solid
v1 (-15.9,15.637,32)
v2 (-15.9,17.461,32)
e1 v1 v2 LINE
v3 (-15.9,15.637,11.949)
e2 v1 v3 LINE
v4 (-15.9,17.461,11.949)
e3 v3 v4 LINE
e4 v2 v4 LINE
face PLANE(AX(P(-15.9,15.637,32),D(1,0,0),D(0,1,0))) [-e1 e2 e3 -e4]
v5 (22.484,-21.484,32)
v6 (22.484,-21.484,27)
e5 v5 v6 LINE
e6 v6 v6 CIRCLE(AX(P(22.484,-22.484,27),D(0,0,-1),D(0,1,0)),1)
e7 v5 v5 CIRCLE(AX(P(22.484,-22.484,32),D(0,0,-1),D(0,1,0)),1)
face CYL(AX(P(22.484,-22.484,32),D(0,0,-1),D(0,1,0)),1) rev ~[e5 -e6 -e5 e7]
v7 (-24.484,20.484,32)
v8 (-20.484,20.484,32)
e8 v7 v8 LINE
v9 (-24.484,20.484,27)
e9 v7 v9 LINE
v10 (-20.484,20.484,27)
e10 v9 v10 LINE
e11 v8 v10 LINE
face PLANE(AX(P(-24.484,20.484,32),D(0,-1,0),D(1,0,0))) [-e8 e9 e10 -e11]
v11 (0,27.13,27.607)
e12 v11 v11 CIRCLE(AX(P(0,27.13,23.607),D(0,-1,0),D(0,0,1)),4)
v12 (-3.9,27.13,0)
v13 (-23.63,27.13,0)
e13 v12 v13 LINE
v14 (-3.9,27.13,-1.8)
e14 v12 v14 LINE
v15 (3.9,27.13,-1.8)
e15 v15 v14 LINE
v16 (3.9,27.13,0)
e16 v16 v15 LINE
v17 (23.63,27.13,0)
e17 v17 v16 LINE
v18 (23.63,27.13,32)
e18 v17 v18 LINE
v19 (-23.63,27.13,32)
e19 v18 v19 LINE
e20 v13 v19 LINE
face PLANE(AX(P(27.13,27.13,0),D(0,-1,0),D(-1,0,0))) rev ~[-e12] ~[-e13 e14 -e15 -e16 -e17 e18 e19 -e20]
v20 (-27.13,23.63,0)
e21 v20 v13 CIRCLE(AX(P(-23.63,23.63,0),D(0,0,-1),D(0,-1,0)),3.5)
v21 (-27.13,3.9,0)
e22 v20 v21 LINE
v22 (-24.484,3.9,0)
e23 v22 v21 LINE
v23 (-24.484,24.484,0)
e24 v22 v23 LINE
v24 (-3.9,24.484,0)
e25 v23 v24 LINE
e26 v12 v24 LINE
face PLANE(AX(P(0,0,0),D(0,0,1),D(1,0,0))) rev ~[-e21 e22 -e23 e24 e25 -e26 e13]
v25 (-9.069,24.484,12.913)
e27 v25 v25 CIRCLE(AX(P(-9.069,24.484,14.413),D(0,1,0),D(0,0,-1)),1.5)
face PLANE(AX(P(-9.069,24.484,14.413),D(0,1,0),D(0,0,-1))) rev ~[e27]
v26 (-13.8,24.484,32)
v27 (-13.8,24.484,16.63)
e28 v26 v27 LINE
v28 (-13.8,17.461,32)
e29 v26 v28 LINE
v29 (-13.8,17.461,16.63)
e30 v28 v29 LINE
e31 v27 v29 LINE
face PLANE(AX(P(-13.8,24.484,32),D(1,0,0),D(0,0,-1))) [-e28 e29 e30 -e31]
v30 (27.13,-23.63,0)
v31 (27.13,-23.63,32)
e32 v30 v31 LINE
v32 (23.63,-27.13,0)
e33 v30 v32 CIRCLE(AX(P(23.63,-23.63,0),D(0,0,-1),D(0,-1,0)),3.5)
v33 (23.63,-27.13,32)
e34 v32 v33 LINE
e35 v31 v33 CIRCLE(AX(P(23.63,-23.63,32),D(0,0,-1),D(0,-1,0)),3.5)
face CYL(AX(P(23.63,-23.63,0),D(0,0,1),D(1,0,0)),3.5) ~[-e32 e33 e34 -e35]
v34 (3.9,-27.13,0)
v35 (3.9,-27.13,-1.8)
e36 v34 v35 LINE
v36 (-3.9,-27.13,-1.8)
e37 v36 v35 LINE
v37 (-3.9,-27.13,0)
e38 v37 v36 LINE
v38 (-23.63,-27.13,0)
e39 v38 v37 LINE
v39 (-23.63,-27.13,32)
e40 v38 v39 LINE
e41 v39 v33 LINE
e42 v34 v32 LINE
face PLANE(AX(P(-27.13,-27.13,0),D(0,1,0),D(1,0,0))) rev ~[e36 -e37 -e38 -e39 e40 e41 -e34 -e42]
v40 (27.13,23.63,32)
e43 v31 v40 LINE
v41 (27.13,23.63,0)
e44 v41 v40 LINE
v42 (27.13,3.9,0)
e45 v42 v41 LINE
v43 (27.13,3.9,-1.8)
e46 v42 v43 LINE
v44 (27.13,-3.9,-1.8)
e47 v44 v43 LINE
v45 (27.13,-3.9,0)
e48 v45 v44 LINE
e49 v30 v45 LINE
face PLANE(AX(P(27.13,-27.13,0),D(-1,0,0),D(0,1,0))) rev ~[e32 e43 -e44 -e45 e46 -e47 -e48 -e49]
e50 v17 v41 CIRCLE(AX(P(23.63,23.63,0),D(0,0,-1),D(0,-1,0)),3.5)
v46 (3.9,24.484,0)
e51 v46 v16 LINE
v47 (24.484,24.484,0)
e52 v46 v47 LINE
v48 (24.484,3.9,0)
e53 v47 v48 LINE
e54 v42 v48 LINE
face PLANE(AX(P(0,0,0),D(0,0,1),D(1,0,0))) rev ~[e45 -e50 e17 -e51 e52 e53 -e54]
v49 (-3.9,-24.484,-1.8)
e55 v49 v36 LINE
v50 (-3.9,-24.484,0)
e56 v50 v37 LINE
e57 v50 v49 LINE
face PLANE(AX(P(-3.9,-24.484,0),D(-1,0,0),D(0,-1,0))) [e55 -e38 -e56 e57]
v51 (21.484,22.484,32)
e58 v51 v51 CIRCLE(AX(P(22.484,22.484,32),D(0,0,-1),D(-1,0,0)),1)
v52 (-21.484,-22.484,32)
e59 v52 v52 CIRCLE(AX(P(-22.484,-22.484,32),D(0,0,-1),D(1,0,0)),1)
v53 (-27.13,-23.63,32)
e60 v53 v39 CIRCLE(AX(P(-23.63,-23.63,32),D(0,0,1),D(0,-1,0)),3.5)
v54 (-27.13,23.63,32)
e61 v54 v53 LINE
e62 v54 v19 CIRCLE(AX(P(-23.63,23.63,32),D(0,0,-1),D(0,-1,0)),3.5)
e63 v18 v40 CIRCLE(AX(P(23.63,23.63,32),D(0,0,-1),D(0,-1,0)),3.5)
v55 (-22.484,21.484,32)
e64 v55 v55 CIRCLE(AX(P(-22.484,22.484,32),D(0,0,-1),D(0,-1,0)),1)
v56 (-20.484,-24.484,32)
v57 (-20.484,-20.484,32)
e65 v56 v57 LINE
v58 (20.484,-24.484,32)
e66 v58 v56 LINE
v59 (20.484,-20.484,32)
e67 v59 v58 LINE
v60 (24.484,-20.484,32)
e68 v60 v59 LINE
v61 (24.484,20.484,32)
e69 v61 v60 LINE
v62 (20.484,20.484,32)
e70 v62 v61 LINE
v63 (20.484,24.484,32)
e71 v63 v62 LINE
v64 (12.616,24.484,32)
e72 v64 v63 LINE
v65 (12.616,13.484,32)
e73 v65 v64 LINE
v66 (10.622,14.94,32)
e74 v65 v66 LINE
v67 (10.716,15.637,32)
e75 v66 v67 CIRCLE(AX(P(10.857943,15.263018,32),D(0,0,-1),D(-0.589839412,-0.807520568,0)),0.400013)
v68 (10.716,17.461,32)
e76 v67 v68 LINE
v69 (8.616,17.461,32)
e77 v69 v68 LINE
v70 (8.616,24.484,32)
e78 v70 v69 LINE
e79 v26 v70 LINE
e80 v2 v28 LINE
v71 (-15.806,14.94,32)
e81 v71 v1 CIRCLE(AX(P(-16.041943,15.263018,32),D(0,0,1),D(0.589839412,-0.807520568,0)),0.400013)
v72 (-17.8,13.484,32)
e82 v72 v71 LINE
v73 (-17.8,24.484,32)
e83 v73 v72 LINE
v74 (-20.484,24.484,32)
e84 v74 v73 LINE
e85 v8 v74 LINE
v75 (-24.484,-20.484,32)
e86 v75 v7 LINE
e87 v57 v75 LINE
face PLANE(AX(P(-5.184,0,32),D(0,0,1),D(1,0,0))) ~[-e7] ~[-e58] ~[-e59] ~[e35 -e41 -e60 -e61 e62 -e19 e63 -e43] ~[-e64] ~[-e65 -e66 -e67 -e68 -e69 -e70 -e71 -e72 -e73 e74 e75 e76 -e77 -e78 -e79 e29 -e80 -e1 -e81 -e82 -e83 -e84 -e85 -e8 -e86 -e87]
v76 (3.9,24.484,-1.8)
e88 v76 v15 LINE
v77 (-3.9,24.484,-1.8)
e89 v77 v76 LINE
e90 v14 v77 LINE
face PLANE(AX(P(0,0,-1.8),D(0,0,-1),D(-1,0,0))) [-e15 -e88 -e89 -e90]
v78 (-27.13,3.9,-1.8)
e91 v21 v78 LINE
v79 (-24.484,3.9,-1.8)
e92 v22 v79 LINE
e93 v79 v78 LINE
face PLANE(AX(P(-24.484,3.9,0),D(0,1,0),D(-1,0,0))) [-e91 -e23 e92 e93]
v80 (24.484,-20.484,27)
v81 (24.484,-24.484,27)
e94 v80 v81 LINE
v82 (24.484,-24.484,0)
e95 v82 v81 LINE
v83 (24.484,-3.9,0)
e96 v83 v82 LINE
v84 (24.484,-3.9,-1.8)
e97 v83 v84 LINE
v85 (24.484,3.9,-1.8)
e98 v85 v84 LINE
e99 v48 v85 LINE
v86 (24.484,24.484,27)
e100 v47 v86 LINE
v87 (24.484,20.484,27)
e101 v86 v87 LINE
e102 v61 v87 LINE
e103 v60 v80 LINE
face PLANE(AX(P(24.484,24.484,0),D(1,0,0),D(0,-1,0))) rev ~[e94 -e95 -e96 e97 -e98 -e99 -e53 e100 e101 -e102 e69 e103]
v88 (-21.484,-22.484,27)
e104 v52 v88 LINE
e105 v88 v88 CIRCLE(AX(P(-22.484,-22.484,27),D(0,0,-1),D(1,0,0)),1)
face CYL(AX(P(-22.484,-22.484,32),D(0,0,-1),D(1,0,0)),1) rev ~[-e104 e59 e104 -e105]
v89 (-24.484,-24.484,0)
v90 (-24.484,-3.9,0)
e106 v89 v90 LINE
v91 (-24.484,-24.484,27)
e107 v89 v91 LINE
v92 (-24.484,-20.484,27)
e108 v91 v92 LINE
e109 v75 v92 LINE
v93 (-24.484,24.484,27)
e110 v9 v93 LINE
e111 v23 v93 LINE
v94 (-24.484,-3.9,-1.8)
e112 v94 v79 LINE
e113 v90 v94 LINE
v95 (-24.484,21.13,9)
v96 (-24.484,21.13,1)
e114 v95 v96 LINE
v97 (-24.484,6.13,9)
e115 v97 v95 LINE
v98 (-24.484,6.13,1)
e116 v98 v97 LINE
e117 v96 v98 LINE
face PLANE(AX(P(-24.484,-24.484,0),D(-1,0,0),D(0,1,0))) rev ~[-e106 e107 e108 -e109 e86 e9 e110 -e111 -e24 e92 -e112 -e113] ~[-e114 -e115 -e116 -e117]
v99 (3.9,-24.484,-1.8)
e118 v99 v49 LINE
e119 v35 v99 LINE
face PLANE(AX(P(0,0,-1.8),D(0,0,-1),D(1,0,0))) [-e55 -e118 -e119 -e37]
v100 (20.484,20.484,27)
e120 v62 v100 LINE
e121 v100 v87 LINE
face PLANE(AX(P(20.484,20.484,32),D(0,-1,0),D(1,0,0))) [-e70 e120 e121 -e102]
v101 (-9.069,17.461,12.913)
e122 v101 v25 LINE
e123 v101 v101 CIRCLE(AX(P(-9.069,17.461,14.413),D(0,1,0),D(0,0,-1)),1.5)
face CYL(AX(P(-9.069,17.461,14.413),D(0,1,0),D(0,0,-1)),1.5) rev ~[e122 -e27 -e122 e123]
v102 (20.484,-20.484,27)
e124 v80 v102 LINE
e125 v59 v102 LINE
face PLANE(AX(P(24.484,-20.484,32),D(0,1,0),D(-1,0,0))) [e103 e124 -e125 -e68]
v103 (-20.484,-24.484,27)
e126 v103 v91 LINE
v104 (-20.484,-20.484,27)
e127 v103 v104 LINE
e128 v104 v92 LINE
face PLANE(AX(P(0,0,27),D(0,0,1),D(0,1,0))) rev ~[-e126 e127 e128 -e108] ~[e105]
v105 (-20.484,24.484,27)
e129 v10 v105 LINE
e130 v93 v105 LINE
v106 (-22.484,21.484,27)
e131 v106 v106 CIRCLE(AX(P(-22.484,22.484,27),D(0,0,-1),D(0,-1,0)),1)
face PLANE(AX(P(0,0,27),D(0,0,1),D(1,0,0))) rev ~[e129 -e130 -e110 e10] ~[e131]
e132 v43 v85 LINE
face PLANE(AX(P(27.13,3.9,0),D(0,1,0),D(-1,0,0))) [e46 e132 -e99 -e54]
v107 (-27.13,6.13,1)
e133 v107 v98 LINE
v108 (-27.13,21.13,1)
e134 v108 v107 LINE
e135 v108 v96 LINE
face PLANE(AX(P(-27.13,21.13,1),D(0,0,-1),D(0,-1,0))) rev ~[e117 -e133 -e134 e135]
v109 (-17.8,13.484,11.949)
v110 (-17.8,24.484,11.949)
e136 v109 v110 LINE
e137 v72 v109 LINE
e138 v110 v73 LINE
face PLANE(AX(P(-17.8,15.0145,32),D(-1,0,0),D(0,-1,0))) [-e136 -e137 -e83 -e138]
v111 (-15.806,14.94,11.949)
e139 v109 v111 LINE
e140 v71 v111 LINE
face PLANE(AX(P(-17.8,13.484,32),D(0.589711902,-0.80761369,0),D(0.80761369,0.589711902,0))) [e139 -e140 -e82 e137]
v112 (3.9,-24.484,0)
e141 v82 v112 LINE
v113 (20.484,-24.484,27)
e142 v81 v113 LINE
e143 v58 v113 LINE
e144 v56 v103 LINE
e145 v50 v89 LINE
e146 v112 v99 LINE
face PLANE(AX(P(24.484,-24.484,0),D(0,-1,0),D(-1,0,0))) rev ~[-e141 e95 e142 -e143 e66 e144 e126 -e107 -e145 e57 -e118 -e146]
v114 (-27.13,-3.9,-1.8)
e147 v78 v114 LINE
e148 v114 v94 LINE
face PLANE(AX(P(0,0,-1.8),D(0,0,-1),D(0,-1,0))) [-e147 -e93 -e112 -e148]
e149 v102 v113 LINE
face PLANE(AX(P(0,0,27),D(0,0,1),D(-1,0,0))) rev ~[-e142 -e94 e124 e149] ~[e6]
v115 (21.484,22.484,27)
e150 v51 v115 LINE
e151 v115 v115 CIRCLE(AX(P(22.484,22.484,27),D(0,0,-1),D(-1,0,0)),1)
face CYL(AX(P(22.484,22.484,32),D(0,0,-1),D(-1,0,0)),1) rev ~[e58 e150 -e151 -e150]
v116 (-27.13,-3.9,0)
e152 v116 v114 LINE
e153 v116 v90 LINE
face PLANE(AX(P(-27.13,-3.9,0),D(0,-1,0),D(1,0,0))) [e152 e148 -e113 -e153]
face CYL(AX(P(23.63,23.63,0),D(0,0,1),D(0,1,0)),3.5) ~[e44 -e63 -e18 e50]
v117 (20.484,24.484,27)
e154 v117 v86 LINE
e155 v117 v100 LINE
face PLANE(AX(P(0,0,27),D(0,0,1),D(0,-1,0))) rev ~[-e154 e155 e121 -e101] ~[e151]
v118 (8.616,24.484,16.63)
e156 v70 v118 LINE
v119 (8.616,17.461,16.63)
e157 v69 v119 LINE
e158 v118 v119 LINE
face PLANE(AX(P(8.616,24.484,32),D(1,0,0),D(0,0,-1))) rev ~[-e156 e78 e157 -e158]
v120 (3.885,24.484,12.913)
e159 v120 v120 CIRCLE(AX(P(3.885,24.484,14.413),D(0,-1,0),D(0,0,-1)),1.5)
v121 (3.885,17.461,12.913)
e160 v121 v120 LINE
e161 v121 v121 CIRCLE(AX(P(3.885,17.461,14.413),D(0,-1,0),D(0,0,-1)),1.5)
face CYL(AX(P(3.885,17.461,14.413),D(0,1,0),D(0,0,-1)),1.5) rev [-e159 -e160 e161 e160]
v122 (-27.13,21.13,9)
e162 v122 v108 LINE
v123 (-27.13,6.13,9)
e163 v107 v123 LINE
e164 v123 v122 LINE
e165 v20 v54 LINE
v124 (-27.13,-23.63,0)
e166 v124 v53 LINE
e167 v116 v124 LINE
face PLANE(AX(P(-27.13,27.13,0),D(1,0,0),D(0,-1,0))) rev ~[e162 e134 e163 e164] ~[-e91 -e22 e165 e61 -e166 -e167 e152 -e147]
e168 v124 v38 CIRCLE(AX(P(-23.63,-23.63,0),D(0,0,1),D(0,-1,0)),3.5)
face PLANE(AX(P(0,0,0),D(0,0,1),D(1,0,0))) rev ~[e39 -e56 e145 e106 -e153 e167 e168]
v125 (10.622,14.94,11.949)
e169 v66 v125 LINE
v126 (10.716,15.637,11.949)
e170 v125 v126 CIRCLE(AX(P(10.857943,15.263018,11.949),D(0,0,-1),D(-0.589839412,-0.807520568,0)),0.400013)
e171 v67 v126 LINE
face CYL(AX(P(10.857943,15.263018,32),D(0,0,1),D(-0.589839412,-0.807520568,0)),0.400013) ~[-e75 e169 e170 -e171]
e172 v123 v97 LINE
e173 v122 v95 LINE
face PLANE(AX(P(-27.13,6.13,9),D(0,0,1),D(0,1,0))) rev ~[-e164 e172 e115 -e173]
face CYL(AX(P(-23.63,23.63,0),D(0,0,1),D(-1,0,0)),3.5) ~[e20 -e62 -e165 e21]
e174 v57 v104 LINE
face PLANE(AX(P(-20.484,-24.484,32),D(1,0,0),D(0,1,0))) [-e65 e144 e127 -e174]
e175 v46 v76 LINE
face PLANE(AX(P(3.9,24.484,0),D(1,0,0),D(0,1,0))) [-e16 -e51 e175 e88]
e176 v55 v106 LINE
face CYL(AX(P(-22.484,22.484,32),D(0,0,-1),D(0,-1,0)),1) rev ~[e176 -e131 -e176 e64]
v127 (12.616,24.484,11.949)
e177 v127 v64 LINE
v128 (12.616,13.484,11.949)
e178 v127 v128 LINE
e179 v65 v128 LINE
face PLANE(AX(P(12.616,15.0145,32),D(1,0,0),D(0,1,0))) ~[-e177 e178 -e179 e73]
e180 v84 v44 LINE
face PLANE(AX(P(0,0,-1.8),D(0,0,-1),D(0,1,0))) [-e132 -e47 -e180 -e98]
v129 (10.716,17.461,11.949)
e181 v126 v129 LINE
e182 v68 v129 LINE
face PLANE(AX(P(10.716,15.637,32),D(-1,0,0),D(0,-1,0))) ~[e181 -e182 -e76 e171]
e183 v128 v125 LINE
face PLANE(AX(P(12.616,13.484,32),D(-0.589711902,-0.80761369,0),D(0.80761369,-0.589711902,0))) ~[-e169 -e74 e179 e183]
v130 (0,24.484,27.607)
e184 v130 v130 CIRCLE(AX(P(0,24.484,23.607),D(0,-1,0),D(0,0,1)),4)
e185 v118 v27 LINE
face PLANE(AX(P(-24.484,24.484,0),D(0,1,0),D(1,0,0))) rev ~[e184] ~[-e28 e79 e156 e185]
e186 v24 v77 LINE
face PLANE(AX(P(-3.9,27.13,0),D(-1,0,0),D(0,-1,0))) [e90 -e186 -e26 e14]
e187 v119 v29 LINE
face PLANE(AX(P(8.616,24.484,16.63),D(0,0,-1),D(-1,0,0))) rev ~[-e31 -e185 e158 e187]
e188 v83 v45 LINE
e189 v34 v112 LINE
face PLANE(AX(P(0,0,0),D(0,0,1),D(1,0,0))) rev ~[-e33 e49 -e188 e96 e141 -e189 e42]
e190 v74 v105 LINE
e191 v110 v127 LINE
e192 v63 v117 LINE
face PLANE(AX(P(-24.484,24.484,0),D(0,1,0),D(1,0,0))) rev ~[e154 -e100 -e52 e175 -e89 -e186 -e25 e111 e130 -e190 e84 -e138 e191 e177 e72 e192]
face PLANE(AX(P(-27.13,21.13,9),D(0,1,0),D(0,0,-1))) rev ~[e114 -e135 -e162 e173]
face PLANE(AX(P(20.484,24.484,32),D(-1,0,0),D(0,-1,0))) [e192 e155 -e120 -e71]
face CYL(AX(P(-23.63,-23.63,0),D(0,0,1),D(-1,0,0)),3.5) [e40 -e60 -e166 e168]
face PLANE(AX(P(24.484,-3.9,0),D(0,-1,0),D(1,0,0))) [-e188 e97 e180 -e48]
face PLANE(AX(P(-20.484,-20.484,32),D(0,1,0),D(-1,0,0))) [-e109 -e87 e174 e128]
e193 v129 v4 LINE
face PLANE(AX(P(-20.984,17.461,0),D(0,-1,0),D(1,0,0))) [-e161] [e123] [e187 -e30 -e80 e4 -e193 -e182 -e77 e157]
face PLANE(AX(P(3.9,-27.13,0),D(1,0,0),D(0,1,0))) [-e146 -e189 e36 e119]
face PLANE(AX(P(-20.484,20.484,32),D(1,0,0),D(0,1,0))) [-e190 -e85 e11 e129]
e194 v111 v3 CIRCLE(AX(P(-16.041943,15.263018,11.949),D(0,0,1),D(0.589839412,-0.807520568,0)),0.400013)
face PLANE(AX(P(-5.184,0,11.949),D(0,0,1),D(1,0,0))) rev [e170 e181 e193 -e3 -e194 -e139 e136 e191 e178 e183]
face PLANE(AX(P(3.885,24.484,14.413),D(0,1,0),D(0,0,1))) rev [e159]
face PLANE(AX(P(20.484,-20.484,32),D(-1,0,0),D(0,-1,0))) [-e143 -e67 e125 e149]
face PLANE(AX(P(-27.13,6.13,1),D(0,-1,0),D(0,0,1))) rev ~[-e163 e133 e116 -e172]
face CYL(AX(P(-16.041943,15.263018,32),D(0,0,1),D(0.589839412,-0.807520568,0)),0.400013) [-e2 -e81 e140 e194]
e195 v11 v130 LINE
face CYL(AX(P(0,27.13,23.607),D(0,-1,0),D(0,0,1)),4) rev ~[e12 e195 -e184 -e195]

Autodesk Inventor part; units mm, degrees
ref_plane "YZ Plane" through (0, 0, 0) normal (1, 0, 0) x (0, 1, 0)
ref_plane "XZ Plane" through (0, 0, 0) normal (0, 1, 0) x (-1, 0, 0)
sketch "Skizze1" plane through (0, 0, 0) normal (0, 0, 1) x (1, 0, 0)
  line L0 (-27.13, -27.13) -> (27.13, -27.13)
  line L1 (27.13, -27.13) -> (27.13, 27.13)
  line L2 (27.13, 27.13) -> (-27.13, 27.13)
  line L3 (-27.13, 27.13) -> (-27.13, -27.13)
  line L4 (-37.982, 0) -> (37.982, 0) construction
  line L5 (0, -37.982) -> (0, 37.982) construction
  line L6 (-24.484, 24.484) -> (24.484, 24.484)
  line L7 (24.484, 24.484) -> (24.484, -24.484)
  line L8 (24.484, -24.484) -> (-24.484, -24.484)
  line L9 (-24.484, -24.484) -> (-24.484, 24.484)
  point P0 (0, 0)
  dimension "d0" = 54.26
  dimension "d1" = 2.646
extrude "Extrusion1" add sketch "Skizze1" along normal blind 32
fillet "Rundung1" radius 3.5 4 edges at (-27.13, 27.13, 16) (27.13, 27.13, 16) (-27.13, -27.13, 16) (27.13, -27.13, 16)
sketch "Skizze2" plane through (0, 0, 32) normal (0, 0, 1) x (1, 0, 0)
  line L0 (-24.484, -24.484) -> (-24.484, 24.484) projected
  line L1 (-24.484, 24.484) -> (24.484, 24.484) projected
  line L2 (-24.484, 20.484) -> (-20.484, 20.484)
  line L3 (-20.484, 20.484) -> (-20.484, 24.484)
  line L4 (-20.484, 24.484) -> (-24.484, 24.484)
  line L5 (-24.484, 24.484) -> (-24.484, 20.484)
  point P0 (0, 0)
  point P1 (-24.484, 20.984)
  point P2 (-20.984, 24.484)
  point P3 (20.984, 24.484)
  point P4 (-24.484, 20.984)
  point P5 (-20.984, 24.484)
  dimension "d5" = 4
extrude "Extrusion2" add sketch "Skizze2" against normal blind 5
sketch "Skizze3" plane through (0, 0, 32) normal (0, 0, 1) x (1, 0, 0)
  line L0 (-24.484, 20.484) -> (-20.484, 20.484) projected
  line L1 (-20.484, 20.484) -> (-20.484, 24.484) projected
  point P0 (0, 0)
  point P1 (-22.484, 22.484)
  dimension "d8" = 2
  dimension "d9" = 2
hole "Bohrung1" at (-22.484, 22.484, 32) direction (0, 0, -1) diameter 2 depth 5
pattern_circular "Runde Anordnung1" count 4 over 360 about axis through (0, 0, -10) along (0, 0, 1) of "Extrusion2", "Bohrung1"
sketch "Skizze4" plane through (-20.984, 24.484, 0) normal (0, -1, 0) x (1, 0, 0)
  line L0 (41.468, 27) -> (41.468, 32) projected
  line L1 (0.5, 32) -> (41.468, 32) projected
  line L2 (0.5, 32) -> (0.5, 27) projected
  line L3 (0.5, 27) -> (-3.5, 27) projected
  line L4 (-3.5, 0) -> (45.468, 0) projected
  line L5 (45.468, 27) -> (41.468, 27) projected
  line L6 (44.614, 32) -> (-2.646, 32) projected
  line L7 (3.184, 32) -> (7.184, 32)
  line L8 (7.184, 32) -> (7.184, 11.949)
  line L9 (7.184, 11.949) -> (3.184, 11.949)
  line L10 (3.184, 11.949) -> (3.184, 32)
  line L11 (7.184, 11.949) -> (29.6, 11.949)
  line L12 (29.6, 11.949) -> (29.6, 16.63)
  line L13 (29.6, 16.63) -> (7.184, 16.63)
  line L14 (7.184, 16.63) -> (7.184, 11.949)
  line L15 (0.5, 32) -> (41.468, 32) projected
  line L16 (29.6, 11.949) -> (33.6, 11.949)
  line L17 (33.6, 11.949) -> (33.6, 32)
  line L18 (33.6, 32) -> (29.6, 32)
  line L19 (29.6, 32) -> (29.6, 11.949)
  line L20 (-3.5, 0) -> (-3.5, 27) projected
  line L21 (45.468, 0) -> (45.468, 27) projected
  point P0 (20.984, 0)
  point P1 (18.392, 11.949)
  point P2 (33.6, 32)
  point P3 (7.184, 16.63)
  dimension "d20" = 4
  dimension "d21" = 4.681
  dimension "d22" = 22.416
  dimension "d23" = 2.684
  dimension "d24" = 15.37
extrude "Extrusion3" add sketch "Skizze4" along normal blind 7.023 contours L17 L16 L12 L19 L1 | L8 L9 L10 L1 | L12 L11 L8 L13
sketch "Skizze5" plane through (0, 0, 32) normal (0, 0, 1) x (1, 0, 0)
  line L0 (-17.8, 17.461) -> (12.616, 17.461) projected
  line L1 (-17.8, 17.461) -> (-15.9, 17.461)
  line L2 (-17.8, 15.0145) -> (-17.8, 17.461)
  line L3 (-17.8, 15.0145) -> (-17.8, 13.484)
  line L4 (-17.8, 13.484) -> (-15.806, 14.94)
  line L5 (-20.484, 24.484) -> (-17.8, 24.484) projected
  arc A0 (-15.806, 14.94) -> (-15.9, 15.637) centre (-16.0419, 15.263) ccw
  line L6 (-15.9, 15.637) -> (-15.9, 17.461)
  point P0 (0, 0)
  dimension "d27" = 11
  dimension "d30" = 0.4
  dimension "d31" = 1.824
  dimension "d32" = 1.9
  dimension "d33" = 1.994
extrude "Extrusion4" add sketch "Skizze5" against normal up to surface (20.051 mm away)
ref_plane "Arbeitsebene1" through (-2.592, 17.461, 16.63) normal (1, 0, 0) x (0, 0, -1)
sketch "Skizze7" plane through (-20.984, 17.461, 0) normal (0, -1, 0) x (1, 0, 0)
  line L0 (33.6, 32) -> (29.6, 32) projected
  line L1 (29.6, 32) -> (29.6, 16.63) projected
  line L2 (29.6, 16.63) -> (7.184, 16.63) projected
  line L3 (7.184, 16.63) -> (7.184, 32) projected
  line L4 (7.184, 32) -> (5.084, 32) projected
  line L5 (5.084, 32) -> (5.084, 11.949) projected
  line L6 (5.084, 11.949) -> (33.6, 11.949) projected
  line L7 (33.6, 11.949) -> (33.6, 32) projected
  point P0 (20.984, 0)
  point P1 (11.915, 14.413)
  dimension "d36" = 2.464
  dimension "d37" = 4.731
hole "Bohrung2" at (-9.069, 17.461, 14.413) direction (0, 1, 0) diameter 3 depth 7.023
mirror "Spiegeln2" about plane through (-2.592, 17.461, 16.63) normal (1, 0, 0) of "Extrusion4", "Bohrung2"
sketch "Skizze8" plane through (-23.63, 27.13, 0) normal (0, 1, 0) x (1, 0, 0)
  line L0 (47.26, -32) -> (0, -32) projected
  line L1 (23.63, -32) -> (23.63, 0) construction
  point P0 (23.63, -23.607)
  dimension "d45" = 8.393
hole "Bohrung3" at (0, 27.13, 23.607) direction (0, -1, 0) diameter 8 depth 2.646
sketch "Skizze9" plane through (0, 0, 0) normal (0, 0, -1) x (-1, 0, 0)
  line L0 (-23.63, 27.13) -> (23.63, 27.13) projected
  line L1 (13.8, 24.484) -> (-8.616, 24.484) projected
  line L2 (-3.9, 27.13) -> (3.9, 27.13)
  line L3 (3.9, 27.13) -> (3.9, 24.484)
  line L4 (3.9, 24.484) -> (-3.9, 24.484)
  line L5 (-3.9, 24.484) -> (-3.9, 27.13)
  line L6 (0, -37.982) -> (0, 37.982) construction
  point P0 (0, 0)
  dimension "d53" = 7.8
extrude "Extrusion5" add sketch "Skizze9" along normal blind 1.8
pattern_circular "Runde Anordnung2" count 4 over 360 about axis through (0, 0, -10) along (0, 0, 1) of "Extrusion5"
sketch "Skizze10" plane through (-27.13, -23.63, 32) normal (-1, 0, 0) x (0, 0, 1)
  line L0 (-23, 44.76) -> (-31, 44.76)
  line L1 (-31, 44.76) -> (-31, 29.76)
  line L2 (-31, 29.76) -> (-23, 29.76)
  line L3 (-23, 29.76) -> (-23, 44.76)
  line L4 (0, 50.76) -> (-32, 50.76) projected
  line L5 (-32, 47.26) -> (-32, 27.53) projected
  point P0 (-32, 23.63)
  dimension "d59" = 6
  dimension "d60" = 8
  dimension "d61" = 15
  dimension "d62" = 1
extrude "Extrusion6" cut sketch "Skizze10" against normal up to surface (2.646 mm away)
properties part number "brick_shell_+USB_nudge_V3"
